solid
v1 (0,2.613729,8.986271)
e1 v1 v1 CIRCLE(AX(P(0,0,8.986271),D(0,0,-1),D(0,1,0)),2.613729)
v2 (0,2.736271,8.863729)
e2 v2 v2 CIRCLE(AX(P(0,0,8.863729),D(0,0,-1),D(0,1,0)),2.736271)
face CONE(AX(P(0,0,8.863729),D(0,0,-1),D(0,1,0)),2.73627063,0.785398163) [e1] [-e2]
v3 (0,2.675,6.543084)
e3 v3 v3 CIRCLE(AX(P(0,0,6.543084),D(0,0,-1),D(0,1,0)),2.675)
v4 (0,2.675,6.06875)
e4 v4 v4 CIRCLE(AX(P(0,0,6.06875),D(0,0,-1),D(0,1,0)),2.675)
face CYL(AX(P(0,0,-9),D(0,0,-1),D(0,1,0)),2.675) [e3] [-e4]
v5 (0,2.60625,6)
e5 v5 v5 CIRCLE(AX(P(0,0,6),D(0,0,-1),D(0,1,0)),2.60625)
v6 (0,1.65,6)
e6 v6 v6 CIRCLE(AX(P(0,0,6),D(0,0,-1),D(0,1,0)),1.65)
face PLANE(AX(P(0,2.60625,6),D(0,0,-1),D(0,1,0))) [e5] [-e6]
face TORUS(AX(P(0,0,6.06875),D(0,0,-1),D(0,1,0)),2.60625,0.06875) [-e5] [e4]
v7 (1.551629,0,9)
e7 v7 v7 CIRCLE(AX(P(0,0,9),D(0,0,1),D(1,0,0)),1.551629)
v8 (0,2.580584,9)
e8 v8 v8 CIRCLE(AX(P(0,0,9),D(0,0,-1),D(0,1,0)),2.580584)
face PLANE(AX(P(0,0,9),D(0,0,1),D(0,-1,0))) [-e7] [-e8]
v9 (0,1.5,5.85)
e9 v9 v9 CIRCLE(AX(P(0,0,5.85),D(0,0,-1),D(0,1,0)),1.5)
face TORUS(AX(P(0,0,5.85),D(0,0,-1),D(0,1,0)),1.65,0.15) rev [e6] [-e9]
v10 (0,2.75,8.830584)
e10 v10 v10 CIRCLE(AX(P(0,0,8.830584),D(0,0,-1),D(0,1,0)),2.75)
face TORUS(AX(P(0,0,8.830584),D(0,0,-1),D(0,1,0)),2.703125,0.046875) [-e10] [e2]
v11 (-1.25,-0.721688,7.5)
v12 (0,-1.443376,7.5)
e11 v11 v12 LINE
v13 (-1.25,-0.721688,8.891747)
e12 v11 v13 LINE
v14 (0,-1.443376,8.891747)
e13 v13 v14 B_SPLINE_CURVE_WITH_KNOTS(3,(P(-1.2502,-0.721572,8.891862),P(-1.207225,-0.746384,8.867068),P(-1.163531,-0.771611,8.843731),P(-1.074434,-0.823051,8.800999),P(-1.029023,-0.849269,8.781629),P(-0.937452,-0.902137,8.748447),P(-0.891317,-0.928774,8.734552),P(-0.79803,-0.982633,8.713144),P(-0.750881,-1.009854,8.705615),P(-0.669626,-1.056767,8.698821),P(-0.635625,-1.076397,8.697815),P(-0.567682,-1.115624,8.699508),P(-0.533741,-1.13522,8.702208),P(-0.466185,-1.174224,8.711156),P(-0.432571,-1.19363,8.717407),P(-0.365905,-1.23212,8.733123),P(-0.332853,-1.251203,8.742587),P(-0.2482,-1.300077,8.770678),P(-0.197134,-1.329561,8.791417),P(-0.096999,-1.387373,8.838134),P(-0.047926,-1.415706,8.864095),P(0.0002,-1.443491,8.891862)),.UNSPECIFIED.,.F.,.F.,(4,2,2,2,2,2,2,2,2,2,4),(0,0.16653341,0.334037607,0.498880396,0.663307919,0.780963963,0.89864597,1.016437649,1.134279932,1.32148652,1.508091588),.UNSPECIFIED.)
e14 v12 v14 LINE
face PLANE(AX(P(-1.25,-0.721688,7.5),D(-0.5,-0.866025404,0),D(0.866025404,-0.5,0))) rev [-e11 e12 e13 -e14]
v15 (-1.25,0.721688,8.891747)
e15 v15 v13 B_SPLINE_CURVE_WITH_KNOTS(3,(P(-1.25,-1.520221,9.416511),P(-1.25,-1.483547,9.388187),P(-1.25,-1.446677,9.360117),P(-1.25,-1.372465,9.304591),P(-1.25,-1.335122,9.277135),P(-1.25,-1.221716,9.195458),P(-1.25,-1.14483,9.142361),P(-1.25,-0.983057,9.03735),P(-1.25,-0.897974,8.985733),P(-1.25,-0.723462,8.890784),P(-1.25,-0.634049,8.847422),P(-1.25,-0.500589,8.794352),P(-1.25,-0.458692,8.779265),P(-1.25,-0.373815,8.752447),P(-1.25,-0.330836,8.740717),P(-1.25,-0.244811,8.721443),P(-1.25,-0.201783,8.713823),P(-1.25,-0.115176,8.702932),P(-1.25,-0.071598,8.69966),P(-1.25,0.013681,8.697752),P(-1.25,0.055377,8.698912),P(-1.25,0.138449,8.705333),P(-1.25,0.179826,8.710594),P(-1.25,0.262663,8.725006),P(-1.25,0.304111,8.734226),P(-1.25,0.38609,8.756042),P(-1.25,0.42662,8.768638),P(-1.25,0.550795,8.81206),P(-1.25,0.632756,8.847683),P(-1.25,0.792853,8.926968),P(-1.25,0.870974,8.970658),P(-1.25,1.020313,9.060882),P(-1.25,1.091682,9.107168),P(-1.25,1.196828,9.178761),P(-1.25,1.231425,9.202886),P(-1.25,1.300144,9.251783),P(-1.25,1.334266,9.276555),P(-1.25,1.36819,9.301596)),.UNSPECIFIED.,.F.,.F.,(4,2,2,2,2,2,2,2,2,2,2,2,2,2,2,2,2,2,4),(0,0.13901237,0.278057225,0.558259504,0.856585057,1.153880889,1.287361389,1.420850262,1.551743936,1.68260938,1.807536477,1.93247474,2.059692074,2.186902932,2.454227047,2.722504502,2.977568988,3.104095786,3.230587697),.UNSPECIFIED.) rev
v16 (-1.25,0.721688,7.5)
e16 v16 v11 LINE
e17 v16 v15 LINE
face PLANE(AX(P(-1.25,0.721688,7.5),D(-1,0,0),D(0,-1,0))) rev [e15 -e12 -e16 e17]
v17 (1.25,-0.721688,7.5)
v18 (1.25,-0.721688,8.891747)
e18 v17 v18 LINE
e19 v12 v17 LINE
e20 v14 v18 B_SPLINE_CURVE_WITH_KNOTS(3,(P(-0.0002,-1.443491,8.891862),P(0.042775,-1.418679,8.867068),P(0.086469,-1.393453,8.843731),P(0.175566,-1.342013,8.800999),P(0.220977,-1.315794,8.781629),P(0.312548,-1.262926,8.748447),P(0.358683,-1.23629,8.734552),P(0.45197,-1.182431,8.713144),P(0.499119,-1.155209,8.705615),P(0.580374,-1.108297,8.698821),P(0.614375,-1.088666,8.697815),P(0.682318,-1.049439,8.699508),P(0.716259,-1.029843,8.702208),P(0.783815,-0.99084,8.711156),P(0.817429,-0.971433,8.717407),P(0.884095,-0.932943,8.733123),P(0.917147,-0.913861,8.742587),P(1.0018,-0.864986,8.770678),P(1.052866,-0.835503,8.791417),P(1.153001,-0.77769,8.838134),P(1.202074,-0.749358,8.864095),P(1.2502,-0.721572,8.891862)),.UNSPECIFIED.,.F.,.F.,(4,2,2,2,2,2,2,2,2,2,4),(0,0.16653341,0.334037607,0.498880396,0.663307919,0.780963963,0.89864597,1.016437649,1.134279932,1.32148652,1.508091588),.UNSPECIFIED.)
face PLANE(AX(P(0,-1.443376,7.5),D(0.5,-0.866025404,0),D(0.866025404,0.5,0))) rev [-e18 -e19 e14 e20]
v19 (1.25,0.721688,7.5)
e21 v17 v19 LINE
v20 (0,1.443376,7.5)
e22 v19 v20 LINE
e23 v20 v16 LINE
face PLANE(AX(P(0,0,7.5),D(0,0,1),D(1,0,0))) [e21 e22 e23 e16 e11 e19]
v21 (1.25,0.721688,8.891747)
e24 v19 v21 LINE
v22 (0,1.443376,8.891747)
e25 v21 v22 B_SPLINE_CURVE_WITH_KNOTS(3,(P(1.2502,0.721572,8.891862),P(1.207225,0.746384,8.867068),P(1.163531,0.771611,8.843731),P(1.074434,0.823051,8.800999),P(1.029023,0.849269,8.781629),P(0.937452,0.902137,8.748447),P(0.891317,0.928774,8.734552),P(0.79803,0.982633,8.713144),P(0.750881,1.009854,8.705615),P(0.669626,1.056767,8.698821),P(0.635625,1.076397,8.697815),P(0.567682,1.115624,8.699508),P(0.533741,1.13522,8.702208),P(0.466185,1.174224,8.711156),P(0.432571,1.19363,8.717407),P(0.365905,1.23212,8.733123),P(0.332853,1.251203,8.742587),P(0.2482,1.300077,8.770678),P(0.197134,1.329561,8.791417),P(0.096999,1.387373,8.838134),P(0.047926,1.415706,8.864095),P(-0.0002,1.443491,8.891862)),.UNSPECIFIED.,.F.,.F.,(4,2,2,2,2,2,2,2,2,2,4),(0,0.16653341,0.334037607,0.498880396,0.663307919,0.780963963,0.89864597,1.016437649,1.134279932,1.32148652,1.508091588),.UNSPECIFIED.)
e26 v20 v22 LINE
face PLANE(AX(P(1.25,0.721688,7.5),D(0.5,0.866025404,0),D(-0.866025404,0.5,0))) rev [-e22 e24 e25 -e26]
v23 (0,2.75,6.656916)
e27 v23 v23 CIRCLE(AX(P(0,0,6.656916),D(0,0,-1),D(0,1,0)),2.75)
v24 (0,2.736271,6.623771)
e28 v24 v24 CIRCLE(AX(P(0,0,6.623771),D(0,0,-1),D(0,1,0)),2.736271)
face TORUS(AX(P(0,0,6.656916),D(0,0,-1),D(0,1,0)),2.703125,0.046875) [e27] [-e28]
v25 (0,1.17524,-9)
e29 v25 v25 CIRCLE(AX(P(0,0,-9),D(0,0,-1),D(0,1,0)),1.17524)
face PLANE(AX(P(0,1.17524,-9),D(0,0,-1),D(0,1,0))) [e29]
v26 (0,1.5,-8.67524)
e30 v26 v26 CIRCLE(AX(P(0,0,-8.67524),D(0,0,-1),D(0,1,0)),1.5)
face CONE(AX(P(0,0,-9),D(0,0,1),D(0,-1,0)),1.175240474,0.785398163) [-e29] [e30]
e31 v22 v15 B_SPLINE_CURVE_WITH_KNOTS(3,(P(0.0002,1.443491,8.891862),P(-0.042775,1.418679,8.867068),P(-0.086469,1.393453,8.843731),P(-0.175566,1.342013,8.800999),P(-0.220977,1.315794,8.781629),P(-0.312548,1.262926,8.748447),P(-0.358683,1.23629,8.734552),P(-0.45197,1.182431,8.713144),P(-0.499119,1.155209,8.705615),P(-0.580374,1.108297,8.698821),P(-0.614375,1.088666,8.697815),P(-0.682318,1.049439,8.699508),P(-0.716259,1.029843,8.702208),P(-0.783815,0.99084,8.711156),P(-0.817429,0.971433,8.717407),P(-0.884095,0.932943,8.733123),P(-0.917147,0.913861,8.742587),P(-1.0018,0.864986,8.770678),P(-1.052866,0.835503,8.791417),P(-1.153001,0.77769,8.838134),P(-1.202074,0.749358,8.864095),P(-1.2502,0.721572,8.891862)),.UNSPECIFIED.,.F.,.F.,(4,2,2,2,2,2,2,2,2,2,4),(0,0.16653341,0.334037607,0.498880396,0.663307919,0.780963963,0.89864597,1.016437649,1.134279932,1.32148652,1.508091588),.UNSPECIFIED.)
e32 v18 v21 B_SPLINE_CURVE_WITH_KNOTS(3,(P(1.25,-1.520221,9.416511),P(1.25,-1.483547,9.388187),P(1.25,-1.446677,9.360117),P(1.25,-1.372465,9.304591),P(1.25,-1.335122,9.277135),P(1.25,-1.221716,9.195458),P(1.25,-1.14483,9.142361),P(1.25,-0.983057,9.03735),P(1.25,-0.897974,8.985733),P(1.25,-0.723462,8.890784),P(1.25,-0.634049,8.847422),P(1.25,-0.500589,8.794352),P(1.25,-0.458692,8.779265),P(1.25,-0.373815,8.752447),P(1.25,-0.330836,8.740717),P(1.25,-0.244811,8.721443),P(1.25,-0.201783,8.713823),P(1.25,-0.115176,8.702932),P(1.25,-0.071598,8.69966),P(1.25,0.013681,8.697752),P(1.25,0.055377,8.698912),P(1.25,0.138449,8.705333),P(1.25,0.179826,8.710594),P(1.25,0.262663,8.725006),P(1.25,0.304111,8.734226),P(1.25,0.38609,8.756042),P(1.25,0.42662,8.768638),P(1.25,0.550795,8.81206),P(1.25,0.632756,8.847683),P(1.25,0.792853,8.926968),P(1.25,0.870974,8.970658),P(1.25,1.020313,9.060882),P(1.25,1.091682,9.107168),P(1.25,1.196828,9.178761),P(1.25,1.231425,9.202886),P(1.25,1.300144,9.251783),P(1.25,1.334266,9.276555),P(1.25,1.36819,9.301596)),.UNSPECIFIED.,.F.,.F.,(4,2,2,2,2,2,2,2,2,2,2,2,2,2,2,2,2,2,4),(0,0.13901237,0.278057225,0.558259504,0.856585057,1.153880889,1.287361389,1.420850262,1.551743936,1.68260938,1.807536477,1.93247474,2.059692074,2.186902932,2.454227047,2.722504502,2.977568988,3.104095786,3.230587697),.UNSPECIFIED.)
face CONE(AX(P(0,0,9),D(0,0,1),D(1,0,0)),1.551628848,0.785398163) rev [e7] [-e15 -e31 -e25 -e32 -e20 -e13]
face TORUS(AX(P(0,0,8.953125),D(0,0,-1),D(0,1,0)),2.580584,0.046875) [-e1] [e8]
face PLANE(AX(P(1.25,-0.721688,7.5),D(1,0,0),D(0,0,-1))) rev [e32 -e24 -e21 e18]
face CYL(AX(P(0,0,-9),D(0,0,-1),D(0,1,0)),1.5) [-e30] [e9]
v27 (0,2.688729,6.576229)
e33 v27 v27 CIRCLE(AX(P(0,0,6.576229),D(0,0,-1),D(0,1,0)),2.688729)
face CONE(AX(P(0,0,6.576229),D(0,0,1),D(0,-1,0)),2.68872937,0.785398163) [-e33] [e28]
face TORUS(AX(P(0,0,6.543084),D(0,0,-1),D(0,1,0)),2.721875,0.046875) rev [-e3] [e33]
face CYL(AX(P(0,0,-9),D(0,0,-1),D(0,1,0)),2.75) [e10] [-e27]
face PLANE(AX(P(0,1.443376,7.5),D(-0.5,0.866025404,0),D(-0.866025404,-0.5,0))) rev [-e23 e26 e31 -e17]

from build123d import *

# Parameters (mm, degrees)
CUT_EXTRUDE1_START = -1.5
CUT_EXTRUDE1_DEPTH = 1.5
SKETCH4_R          = 1.551628848
CUT_EXTRUDE2_DEPTH = 1.5
CUT_EXTRUDE2_TAPER = 45


with BuildPart() as part:
    # Sketch2 → Revolve1 (revolve)
    with BuildSketch(Plane(origin=(0, 0, 0), x_dir=(0, 0, -1), z_dir=(1, 0, 0))):
        with BuildLine():
            Line((-9, 0), (-9, 2.580583739))
            ThreePointArc((-9, 2.580583739), (-8.996431853, 2.598522025), (-8.98627063, 2.61372937))
            Line((-8.98627063, 2.61372937), (-8.86372937, 2.73627063))
            ThreePointArc((-8.86372937, 2.73627063), (-8.848522025, 2.746431853), (-8.830583739, 2.75))
            Line((-8.830583739, 2.75), (-6.656916261, 2.75))
            ThreePointArc((-6.656916261, 2.75), (-6.638977975, 2.746431853), (-6.62377063, 2.73627063))
            Line((-6.62377063, 2.73627063), (-6.57622937, 2.68872937))
            ThreePointArc((-6.57622937, 2.68872937), (-6.561022025, 2.678568147), (-6.543083739, 2.675))
            Line((-6.543083739, 2.675), (-6.06875, 2.675))
            ThreePointArc((-6.06875, 2.675), (-6.020136409, 2.654863591), (-6, 2.60625))
            Line((-6, 2.60625), (-6, 1.65))
            ThreePointArc((-6, 1.65), (-5.956066017, 1.543933983), (-5.85, 1.5))
            Line((-5.85, 1.5), (8.675240474, 1.5))
            Line((8.675240474, 1.5), (9, 1.175240474))
            Line((9, 1.175240474), (9, 0))
            Line((9, 0), (-9, 0))
        make_face()
    revolve(axis=Axis((0, 0, -9), (0, 0, 1)))

    # Sketch3 → Cut-Extrude1 (cut)
    with BuildSketch(Plane.XY.offset(9).offset(CUT_EXTRUDE1_START)):
        Polygon((1.25, -0.721687836), (1.25, 0.721687836), (0, 1.443375673), (-1.25, 0.721687836), (-1.25, -0.721687836), (0, -1.443375673), align=None)
    extrude(amount=CUT_EXTRUDE1_DEPTH, mode=Mode.SUBTRACT)

    # Sketch4 → Cut-Extrude2 (cut)
    with BuildSketch(Plane.XY.offset(9)):
        Circle(SKETCH4_R)
    extrude(amount=-CUT_EXTRUDE2_DEPTH, taper=CUT_EXTRUDE2_TAPER, mode=Mode.SUBTRACT)


solid = part.part
